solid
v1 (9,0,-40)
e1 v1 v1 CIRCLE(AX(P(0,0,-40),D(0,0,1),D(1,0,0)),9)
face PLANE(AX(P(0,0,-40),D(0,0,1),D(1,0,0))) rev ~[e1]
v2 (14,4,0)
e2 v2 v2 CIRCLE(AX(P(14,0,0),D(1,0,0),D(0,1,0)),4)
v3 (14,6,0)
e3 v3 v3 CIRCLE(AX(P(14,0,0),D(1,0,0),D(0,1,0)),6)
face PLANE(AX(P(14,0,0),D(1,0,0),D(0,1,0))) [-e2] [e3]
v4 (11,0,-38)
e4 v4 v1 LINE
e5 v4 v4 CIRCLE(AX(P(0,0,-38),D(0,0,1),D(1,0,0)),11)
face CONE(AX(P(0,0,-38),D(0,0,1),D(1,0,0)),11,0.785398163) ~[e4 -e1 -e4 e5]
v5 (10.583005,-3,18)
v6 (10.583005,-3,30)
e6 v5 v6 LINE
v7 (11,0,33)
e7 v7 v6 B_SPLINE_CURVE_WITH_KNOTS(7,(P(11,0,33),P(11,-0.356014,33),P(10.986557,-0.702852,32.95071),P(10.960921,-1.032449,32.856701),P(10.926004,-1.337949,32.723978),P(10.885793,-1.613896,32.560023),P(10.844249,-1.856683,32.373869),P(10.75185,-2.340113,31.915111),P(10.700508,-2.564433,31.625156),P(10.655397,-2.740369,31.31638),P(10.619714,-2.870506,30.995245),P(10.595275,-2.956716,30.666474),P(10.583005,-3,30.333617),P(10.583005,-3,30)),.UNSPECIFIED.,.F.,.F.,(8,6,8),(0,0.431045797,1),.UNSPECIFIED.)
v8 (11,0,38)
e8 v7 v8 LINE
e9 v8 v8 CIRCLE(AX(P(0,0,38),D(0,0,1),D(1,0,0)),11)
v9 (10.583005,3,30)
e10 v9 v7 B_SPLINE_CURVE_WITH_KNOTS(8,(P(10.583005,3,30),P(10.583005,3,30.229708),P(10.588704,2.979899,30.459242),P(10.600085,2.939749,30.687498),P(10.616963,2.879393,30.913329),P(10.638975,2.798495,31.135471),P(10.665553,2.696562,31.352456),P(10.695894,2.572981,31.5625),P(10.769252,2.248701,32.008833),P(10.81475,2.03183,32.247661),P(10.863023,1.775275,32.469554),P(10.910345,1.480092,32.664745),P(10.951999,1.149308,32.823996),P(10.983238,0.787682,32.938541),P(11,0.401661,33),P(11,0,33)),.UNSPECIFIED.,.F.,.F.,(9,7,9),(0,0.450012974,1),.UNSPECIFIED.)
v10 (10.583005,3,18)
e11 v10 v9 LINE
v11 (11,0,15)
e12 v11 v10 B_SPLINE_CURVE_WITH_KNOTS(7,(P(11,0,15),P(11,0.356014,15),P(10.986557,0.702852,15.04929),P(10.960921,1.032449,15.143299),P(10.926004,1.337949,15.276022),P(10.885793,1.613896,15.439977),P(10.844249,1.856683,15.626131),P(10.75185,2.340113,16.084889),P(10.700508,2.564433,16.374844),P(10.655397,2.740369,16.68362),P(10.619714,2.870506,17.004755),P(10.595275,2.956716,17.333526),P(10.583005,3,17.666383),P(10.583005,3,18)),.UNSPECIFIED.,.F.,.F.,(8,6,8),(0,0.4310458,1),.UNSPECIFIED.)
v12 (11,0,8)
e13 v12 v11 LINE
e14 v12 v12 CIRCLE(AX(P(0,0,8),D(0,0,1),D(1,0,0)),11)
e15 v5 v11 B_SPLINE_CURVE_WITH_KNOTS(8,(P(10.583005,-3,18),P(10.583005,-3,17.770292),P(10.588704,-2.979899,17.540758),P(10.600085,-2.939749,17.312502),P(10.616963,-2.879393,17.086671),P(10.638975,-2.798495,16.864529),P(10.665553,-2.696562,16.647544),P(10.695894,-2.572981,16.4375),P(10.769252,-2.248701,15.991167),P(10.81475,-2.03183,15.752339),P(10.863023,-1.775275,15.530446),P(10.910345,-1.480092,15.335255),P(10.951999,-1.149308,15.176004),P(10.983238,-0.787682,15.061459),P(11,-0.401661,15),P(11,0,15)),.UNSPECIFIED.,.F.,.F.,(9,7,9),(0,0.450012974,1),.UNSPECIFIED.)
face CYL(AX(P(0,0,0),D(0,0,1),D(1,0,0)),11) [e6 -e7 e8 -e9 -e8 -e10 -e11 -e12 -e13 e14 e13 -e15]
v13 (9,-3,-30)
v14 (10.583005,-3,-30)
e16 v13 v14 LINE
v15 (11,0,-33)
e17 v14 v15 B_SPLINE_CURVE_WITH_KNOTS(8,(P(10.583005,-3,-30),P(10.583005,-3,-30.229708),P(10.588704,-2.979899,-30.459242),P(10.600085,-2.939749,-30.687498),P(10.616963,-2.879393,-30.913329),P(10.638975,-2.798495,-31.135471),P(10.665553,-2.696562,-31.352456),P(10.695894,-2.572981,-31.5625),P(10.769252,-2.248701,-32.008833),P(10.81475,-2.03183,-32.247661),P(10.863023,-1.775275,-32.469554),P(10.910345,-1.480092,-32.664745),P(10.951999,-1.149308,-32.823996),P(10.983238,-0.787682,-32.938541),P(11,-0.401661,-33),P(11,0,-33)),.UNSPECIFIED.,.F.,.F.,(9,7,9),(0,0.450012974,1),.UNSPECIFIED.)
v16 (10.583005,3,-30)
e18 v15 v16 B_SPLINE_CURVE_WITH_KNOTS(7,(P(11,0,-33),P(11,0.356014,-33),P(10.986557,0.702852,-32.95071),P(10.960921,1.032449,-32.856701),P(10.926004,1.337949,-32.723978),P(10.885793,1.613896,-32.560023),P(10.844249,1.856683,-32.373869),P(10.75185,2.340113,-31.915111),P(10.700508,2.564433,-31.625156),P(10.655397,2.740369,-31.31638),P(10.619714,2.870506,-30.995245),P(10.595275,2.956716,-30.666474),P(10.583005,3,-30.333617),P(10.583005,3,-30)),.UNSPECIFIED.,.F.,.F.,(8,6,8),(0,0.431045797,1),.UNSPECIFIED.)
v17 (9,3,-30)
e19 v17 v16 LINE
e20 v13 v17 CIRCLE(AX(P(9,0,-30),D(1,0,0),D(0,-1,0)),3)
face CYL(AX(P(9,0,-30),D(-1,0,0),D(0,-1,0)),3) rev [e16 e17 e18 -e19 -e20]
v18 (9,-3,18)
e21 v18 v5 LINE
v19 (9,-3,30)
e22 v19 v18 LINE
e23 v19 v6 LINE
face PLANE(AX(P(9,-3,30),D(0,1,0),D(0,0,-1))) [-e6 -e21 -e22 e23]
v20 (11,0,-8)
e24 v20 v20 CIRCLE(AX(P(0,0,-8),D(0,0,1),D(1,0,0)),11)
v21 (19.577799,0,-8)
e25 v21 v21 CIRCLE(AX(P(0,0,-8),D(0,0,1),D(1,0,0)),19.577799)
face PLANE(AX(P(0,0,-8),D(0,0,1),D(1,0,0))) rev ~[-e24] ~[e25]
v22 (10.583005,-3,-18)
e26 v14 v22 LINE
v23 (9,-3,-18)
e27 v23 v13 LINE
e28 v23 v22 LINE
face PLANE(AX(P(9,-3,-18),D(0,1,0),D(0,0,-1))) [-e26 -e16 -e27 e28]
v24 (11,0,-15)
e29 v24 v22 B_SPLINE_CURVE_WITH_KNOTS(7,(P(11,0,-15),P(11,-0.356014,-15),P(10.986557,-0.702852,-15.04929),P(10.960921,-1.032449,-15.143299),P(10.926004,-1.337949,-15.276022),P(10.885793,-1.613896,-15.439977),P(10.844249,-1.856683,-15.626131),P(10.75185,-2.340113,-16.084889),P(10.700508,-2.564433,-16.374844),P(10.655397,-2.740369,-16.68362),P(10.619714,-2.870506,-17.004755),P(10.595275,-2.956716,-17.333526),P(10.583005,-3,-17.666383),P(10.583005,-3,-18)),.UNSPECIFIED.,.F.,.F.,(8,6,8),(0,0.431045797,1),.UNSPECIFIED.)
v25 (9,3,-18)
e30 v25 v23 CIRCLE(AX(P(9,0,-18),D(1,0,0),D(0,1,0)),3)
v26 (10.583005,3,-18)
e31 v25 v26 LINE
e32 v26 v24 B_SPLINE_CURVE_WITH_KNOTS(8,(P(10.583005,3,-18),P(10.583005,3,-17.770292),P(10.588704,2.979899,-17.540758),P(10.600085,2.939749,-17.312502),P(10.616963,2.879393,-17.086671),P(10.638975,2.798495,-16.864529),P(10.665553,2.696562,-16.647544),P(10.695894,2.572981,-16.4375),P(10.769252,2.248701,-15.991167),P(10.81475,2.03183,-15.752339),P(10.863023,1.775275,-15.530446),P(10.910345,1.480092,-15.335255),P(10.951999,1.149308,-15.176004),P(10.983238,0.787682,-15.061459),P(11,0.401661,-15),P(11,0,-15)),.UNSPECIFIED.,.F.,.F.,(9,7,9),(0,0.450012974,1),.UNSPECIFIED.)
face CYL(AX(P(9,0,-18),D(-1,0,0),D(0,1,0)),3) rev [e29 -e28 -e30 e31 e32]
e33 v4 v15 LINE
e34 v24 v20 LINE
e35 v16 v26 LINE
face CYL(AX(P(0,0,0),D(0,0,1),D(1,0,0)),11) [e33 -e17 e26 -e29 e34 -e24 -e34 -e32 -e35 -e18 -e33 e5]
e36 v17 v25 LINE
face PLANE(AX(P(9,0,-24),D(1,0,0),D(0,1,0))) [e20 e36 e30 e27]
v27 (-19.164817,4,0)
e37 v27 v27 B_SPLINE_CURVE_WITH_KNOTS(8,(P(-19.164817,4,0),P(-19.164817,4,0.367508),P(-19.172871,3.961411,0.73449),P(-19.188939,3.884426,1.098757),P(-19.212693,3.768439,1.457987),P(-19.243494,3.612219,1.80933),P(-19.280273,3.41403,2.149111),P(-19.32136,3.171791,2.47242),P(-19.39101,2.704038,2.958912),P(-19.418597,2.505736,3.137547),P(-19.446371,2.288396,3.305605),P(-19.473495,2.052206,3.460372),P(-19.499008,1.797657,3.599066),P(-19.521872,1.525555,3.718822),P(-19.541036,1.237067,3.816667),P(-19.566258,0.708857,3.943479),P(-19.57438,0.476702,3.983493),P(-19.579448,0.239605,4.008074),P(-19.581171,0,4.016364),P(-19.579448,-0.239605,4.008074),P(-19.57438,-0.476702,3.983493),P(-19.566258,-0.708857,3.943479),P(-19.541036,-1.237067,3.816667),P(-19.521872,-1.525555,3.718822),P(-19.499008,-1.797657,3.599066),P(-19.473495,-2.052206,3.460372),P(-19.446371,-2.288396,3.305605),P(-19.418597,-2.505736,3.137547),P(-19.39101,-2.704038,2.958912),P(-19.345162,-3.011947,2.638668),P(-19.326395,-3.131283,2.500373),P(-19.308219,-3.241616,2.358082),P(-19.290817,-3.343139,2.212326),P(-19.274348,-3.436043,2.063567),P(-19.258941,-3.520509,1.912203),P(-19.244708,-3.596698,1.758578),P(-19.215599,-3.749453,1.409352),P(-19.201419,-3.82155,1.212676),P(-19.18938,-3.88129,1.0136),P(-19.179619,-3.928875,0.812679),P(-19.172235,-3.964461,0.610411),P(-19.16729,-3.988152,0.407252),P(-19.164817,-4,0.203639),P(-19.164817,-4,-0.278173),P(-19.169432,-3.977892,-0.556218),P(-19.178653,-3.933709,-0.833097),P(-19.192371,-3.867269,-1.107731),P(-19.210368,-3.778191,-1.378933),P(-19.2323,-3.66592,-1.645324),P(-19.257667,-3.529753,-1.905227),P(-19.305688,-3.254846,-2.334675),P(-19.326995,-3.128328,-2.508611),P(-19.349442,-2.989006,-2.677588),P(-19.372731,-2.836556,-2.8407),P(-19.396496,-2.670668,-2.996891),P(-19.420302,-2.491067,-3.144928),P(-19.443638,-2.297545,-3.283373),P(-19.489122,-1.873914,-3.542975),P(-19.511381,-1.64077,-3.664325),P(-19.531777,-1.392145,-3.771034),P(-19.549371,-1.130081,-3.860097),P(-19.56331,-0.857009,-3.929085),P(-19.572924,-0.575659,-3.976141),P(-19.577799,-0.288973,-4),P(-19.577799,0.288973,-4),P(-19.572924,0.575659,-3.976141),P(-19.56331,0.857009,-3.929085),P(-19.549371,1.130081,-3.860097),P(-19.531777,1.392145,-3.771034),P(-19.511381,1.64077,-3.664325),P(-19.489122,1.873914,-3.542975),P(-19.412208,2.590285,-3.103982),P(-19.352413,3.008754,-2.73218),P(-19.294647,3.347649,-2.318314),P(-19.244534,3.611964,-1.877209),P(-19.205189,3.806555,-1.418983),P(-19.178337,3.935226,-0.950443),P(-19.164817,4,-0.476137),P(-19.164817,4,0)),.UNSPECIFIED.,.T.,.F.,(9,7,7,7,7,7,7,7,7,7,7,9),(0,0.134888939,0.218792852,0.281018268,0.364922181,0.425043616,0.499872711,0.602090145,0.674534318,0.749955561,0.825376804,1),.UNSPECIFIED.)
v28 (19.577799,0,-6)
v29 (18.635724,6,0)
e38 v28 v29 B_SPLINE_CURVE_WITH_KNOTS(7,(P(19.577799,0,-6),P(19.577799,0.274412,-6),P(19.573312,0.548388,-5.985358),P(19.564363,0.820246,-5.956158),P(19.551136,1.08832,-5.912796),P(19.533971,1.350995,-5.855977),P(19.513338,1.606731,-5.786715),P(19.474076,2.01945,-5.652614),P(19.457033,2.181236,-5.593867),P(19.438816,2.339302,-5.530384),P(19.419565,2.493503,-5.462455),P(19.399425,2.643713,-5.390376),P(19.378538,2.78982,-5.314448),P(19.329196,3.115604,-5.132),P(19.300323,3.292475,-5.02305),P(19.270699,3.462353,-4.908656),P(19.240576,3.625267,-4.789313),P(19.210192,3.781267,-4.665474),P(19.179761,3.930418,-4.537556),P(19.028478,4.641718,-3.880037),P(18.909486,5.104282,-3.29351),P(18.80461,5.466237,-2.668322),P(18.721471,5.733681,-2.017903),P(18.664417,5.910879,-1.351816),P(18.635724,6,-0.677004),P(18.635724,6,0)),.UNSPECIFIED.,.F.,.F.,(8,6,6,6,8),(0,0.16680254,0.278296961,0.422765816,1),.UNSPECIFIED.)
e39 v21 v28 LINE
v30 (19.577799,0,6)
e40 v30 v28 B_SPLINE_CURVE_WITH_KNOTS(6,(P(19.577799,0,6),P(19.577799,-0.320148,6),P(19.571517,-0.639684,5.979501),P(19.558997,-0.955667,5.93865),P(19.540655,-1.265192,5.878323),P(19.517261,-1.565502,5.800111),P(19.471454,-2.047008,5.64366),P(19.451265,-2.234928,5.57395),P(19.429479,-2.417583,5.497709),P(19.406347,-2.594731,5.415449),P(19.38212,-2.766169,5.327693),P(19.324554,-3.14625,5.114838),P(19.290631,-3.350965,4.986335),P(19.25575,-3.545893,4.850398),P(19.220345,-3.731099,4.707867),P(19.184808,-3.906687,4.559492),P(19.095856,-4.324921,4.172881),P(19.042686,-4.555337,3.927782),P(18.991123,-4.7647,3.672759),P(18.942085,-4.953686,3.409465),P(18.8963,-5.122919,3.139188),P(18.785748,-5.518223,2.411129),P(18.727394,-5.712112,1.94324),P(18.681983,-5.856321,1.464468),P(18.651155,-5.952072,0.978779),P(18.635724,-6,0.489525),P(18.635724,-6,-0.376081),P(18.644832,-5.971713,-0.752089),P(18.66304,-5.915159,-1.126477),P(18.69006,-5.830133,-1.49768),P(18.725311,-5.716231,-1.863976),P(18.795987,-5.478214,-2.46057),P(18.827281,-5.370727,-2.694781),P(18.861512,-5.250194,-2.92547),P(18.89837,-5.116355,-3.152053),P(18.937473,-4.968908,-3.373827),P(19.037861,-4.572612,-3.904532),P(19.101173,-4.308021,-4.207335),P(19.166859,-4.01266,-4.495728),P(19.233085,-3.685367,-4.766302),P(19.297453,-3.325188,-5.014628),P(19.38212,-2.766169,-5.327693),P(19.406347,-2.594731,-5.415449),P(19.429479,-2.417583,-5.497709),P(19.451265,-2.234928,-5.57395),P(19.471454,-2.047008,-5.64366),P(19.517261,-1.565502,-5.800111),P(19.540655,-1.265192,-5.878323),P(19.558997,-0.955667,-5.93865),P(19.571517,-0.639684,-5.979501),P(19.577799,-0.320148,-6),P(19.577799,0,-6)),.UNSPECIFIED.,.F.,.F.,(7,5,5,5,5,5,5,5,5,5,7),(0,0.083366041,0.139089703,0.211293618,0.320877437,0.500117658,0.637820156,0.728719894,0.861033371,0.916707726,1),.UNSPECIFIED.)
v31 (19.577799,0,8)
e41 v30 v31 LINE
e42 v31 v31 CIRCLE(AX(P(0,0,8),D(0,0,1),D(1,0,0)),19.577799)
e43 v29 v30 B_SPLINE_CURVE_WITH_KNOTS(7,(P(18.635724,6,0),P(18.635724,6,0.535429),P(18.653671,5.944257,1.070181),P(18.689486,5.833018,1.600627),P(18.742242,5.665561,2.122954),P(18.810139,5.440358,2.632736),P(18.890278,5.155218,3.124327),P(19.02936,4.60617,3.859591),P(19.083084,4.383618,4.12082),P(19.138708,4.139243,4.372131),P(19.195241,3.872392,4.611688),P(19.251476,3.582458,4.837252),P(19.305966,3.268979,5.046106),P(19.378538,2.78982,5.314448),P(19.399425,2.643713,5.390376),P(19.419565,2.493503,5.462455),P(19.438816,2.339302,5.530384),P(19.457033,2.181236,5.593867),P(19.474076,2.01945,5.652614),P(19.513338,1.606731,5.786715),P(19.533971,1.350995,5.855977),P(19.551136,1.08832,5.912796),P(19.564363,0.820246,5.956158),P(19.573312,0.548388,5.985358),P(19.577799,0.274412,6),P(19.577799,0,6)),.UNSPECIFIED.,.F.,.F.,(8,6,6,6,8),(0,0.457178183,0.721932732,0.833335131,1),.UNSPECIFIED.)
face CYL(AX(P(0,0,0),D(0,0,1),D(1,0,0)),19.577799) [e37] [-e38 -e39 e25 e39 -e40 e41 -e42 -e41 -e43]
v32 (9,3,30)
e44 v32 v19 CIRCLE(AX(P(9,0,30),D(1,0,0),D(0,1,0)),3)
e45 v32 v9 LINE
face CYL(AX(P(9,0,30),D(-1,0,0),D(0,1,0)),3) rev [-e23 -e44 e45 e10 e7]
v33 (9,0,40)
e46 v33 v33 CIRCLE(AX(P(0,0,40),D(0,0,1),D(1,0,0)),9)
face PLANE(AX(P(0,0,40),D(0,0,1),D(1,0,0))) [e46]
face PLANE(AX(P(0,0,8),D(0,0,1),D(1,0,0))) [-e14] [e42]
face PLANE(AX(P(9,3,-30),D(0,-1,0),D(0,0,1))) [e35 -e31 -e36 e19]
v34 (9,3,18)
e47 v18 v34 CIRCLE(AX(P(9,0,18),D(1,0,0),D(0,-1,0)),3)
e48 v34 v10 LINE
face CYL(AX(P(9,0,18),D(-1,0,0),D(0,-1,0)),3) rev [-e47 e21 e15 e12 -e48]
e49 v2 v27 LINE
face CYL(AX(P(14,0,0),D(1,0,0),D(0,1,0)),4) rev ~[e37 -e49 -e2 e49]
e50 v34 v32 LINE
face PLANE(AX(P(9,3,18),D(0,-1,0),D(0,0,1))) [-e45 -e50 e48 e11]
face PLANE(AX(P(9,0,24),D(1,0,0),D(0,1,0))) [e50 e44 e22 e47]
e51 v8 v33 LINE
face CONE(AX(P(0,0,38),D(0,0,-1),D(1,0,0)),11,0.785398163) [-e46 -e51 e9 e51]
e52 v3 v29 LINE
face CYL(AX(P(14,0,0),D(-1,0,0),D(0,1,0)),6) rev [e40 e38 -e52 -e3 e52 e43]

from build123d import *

# Parameters (mm, degrees)
F0_R      = 11
F1_DEPTH  = 40
F3_SIZE   = 2
F4_SIZE   = 2
F5_R      = 19.577799
F6_DEPTH  = 8
F8_R      = 6
F9_DEPTH  = 30
F11_R     = 4
F12_DEPTH = 33.578799
F15_DEPTH = 10.578799
F17_DEPTH = 25


with BuildPart() as f1:
    # F0 (on Top) → F1 (new body, symmetric)
    with BuildSketch(Plane.XY):
        Circle(F0_R)
    extrude(amount=F1_DEPTH, both=True)

    # F3
    f3_edges = [f1.edges().sort_by_distance(p)[0] for p in [
        (-11, 0, 40),
    ]]
    chamfer(f3_edges, length=F3_SIZE)

    # F4
    f4_edges = [f1.edges().sort_by_distance(p)[0] for p in [
        (-11, 0, -40),
    ]]
    chamfer(f4_edges, length=F4_SIZE)

    # F5 (on Top) → F6 (join, symmetric)
    with BuildSketch(Plane.XY):
        Circle(F5_R)
    extrude(amount=F6_DEPTH, both=True)

    # F8 (on offset) → F9 (cut)
    with BuildSketch(Plane.YZ.offset(14)):
        Circle(F8_R)
    extrude(amount=F9_DEPTH, mode=Mode.SUBTRACT)

    # F11 (on offset) → F12 (cut, through all)
    with BuildSketch(Plane.YZ.offset(14)):
        Circle(F11_R)
    extrude(amount=-F12_DEPTH, mode=Mode.SUBTRACT)

    # F14 (on offset) → F15 (cut, through all)
    with BuildSketch(Plane.YZ.offset(9)):
        with BuildLine():
            Line((3, 18), (3, 30))
            ThreePointArc((3, 30), (0, 33), (-3, 30))
            Line((-3, 30), (-3, 18))
            ThreePointArc((-3, 18), (0, 15), (3, 18))
        make_face()
    extrude(amount=F15_DEPTH, mode=Mode.SUBTRACT)

    # F16 (on offset) → F17 (cut)
    with BuildSketch(Plane.YZ.offset(9)):
        with BuildLine():
            Line((-3, -18), (-3, -30))
            ThreePointArc((-3, -30), (0, -33), (3, -30))
            Line((3, -30), (3, -18))
            ThreePointArc((3, -18), (0, -15), (-3, -18))
        make_face()
    extrude(amount=F17_DEPTH, mode=Mode.SUBTRACT)


solid = f1.part
